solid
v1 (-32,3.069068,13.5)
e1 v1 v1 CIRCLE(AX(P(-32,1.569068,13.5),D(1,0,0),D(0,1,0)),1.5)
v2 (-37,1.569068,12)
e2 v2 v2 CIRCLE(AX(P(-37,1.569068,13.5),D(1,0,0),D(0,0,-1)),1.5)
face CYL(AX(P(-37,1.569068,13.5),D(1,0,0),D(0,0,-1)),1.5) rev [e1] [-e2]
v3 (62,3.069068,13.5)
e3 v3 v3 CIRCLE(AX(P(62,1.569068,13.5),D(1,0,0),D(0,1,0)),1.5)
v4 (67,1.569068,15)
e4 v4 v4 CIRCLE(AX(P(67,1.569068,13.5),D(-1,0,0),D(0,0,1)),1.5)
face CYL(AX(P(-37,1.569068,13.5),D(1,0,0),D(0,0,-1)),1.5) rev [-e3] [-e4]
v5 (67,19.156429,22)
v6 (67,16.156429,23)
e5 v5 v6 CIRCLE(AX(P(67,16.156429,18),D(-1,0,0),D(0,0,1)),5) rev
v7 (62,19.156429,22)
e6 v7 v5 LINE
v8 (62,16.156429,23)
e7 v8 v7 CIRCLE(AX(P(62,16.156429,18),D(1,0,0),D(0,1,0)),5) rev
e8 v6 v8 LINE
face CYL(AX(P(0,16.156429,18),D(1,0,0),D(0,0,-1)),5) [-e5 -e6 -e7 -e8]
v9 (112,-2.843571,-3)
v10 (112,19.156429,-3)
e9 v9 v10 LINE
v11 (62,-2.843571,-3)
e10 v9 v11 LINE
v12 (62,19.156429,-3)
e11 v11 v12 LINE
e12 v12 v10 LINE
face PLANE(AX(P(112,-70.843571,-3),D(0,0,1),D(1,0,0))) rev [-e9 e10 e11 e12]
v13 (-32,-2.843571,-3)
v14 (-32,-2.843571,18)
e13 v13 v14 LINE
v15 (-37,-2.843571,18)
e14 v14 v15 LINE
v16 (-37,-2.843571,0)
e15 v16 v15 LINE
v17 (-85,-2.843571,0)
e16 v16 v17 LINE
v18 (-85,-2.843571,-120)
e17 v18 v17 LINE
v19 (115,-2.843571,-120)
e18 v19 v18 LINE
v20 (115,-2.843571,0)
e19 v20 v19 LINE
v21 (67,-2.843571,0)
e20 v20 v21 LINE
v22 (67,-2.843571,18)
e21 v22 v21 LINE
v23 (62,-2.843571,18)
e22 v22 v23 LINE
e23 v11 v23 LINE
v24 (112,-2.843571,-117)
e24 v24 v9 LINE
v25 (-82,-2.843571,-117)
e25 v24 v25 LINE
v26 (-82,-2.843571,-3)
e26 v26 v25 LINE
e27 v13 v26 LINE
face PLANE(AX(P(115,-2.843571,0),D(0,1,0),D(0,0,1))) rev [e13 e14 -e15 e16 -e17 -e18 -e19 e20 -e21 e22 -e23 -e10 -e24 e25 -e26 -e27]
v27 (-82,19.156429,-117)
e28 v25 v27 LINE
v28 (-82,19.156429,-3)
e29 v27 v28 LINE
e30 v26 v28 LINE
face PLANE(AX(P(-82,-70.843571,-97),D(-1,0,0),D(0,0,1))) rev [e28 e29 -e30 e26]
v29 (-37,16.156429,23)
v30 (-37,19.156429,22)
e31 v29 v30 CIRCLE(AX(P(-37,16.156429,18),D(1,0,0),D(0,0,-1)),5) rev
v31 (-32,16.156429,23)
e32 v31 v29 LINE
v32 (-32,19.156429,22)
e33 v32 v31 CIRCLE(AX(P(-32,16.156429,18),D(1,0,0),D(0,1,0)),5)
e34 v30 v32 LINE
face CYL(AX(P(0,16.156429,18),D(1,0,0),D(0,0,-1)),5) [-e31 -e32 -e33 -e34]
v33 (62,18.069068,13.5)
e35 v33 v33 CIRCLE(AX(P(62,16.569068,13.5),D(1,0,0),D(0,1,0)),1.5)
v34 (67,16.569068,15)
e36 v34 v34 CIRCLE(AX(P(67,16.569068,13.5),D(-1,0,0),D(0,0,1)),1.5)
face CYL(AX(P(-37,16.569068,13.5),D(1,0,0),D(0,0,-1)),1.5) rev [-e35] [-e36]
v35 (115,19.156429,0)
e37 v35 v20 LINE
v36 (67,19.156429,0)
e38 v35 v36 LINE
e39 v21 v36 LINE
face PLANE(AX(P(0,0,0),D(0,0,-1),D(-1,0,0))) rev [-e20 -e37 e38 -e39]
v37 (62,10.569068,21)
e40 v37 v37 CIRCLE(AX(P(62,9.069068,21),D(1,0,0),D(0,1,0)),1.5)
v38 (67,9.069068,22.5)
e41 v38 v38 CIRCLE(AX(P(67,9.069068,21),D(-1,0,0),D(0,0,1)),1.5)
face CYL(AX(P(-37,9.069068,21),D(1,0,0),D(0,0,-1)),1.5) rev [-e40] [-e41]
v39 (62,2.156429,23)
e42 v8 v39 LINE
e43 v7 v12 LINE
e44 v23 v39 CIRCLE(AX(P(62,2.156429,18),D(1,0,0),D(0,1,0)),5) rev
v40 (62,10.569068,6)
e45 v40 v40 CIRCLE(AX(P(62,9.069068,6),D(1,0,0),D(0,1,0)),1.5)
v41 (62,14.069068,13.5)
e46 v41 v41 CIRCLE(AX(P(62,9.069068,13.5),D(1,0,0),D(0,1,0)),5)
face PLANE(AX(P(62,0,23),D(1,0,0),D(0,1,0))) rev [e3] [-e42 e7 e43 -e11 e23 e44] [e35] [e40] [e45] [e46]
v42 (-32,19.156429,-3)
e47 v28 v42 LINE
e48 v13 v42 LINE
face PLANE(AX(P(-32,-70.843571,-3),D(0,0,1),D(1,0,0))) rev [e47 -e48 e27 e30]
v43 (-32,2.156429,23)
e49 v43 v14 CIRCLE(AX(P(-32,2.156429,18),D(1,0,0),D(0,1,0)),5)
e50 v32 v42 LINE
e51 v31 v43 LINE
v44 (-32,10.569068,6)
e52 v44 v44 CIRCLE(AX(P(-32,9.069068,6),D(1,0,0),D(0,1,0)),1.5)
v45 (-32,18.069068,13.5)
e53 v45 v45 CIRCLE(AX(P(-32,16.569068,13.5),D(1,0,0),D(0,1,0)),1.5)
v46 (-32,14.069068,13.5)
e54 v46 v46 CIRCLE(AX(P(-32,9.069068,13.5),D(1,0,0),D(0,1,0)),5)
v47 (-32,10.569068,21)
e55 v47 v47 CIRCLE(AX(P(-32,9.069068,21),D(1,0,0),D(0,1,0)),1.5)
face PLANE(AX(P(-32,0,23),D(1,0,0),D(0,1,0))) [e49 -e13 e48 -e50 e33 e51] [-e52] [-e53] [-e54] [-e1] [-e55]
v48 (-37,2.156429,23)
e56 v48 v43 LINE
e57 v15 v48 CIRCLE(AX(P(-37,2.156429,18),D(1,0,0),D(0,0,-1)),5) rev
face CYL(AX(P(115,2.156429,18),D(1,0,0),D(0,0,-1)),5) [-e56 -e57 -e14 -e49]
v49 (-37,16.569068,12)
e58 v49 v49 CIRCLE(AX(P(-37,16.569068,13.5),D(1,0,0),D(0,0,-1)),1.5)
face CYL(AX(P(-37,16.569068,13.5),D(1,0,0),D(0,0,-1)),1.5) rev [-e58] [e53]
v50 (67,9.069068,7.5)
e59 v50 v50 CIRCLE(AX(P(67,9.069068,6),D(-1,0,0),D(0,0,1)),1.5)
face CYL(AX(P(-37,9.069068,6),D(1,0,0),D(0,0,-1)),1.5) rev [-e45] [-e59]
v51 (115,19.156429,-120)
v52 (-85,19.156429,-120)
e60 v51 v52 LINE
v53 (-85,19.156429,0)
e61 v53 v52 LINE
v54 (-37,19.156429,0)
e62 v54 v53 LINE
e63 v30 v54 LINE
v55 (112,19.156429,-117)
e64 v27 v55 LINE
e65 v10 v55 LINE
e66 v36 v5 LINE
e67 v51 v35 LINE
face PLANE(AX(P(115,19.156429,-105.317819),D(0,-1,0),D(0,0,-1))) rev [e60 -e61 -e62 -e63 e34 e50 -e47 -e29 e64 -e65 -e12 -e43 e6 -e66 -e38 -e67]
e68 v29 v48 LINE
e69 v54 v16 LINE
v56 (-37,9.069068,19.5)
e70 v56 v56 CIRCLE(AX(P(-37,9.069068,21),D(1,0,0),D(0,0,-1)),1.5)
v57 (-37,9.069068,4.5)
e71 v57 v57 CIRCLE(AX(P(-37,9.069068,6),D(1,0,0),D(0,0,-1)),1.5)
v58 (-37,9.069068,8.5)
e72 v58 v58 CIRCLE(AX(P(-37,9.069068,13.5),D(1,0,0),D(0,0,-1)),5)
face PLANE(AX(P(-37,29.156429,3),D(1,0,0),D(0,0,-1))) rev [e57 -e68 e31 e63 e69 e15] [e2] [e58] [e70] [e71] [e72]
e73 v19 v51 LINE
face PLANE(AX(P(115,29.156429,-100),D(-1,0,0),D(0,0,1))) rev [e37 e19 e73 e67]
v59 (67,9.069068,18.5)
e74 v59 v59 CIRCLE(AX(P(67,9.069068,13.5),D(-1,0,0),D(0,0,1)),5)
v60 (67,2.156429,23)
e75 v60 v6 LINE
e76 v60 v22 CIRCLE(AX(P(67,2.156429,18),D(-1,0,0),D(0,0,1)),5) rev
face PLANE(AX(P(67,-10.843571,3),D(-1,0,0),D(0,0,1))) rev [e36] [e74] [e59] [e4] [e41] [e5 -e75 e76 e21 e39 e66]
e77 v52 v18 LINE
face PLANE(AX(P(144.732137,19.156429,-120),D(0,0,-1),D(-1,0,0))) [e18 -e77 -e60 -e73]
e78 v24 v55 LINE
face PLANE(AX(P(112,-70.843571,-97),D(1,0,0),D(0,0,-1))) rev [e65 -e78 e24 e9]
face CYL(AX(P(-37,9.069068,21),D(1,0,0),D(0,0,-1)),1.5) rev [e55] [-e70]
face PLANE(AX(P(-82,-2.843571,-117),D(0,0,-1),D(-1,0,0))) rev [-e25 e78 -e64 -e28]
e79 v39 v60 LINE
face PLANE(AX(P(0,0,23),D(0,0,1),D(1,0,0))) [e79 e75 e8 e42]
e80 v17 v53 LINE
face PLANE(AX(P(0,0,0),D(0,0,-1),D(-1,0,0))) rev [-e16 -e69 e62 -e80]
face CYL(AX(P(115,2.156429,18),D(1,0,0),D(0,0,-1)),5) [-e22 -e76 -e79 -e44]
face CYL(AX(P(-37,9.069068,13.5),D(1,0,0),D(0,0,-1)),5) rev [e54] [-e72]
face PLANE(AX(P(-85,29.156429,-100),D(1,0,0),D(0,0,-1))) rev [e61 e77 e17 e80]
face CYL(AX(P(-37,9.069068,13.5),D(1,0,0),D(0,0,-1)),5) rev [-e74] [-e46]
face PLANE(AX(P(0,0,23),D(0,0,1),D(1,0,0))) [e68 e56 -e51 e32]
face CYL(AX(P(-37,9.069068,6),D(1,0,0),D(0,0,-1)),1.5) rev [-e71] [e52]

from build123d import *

# Parameters (mm, degrees)
SKETCH_1_W               = 104
SKETCH_1_H               = 40
SKETCH_1_R               = 5
SKETCH_1_R_2             = 1.5
EXTRUDE_1_DEPTH          = 3
SKETCH_2_W               = 5
SKETCH_2_H               = 40
EXTRUDE_2_DEPTH          = 20
CUT_EXTRUDE_1_DEPTH      = 111.431414635
CUT_EXTRUDE_1_DEPTH_BACK = 111.431414635
SKETCH_3_R               = 1.5
SKETCH_3_R_2             = 5
FILLET_1_R               = 10
SKETCH_4_W               = 200
SKETCH_4_H               = 40
EXTRUDE_3_DEPTH          = 100
CUT_EXTRUDE_2_DEPTH      = 100
CUT_EXTRUDE_3_DEPTH      = 185.266376038
CUT_EXTRUDE_3_DEPTH_BACK = 185.266376038
FILLET_2_R               = 5
CUT_EXTRUDE_4_DEPTH      = 226.499661516
CUT_EXTRUDE_4_DEPTH_BACK = 226.499661516
CUT_EXTRUDE_5_DEPTH      = 225.605419664
CUT_EXTRUDE_5_DEPTH_BACK = 225.605419664
SKETCH_8_W               = 135.335857316
SKETCH_8_H               = 8.120151439
SKETCH_9_W               = 20
SKETCH_9_H               = 22
EXTRUDE_4_DEPTH          = 200
CUT_EXTRUDE_6_DEPTH      = 168.657388896
CUT_EXTRUDE_6_DEPTH_BACK = 168.657388896
SKETCH_10_W              = 194
SKETCH_10_H              = 20


with BuildPart() as part:
    # 草图1 → 凸台-拉伸1 (new body)
    with BuildSketch(Plane.XY):
        with Locations((15, 9.156428763)):
            Rectangle(SKETCH_1_W, SKETCH_1_H)
        with Locations((15, 9.156428763)):
            Circle(SKETCH_1_R, mode=Mode.SUBTRACT)
        with Locations((15, 16.656428763)):
            Circle(SKETCH_1_R_2, mode=Mode.SUBTRACT)
        with Locations((22.5, 9.156428763)):
            Circle(SKETCH_1_R_2, mode=Mode.SUBTRACT)
        with Locations((15, 1.656428763)):
            Circle(SKETCH_1_R_2, mode=Mode.SUBTRACT)
        with Locations((7.5, 9.156428763)):
            Circle(SKETCH_1_R_2, mode=Mode.SUBTRACT)
    extrude(amount=EXTRUDE_1_DEPTH)

    # 草图2 → 凸台-拉伸2 (add)
    with BuildSketch(Plane.XY.offset(3)):
        with Locations((-34.5, 9.156428763)):
            Rectangle(SKETCH_2_W, SKETCH_2_H)
        with Locations((64.5, 9.156428763)):
            Rectangle(SKETCH_2_W, SKETCH_2_H)
    extrude(amount=EXTRUDE_2_DEPTH)

    # 草图3 → 切除-拉伸1 (cut, two sides: drawn at the far end of the back side and taken through both)
    with BuildSketch(Plane(origin=(67, 0, 0), x_dir=(0, 0, -1), z_dir=(1, 0, 0)).offset(-CUT_EXTRUDE_1_DEPTH_BACK)):
        with Locations(Location((-13.5, 16.569068444, 0), (0, 0, 90))):
            Circle(SKETCH_3_R)
        with Locations(Location((-13.5, 1.569068444, 0), (0, 0, 90))):
            Circle(SKETCH_3_R)
        with Locations(Location((-13.5, 9.069068444, 0), (0, 0, 90))):
            Circle(SKETCH_3_R_2)
        with Locations(Location((-6, 9.069068444, 0), (0, 0, 90))):
            Circle(SKETCH_3_R)
        with Locations(Location((-21, 9.069068444, 0), (0, 0, 90))):
            Circle(SKETCH_3_R)
    extrude(amount=CUT_EXTRUDE_1_DEPTH + CUT_EXTRUDE_1_DEPTH_BACK, mode=Mode.SUBTRACT)

    # 圆角1
    fillet_1_edges = [part.edges().sort_by_distance(p)[0] for p in [
        (-34.5, 29.156428763, 23),
        (-34.5, -10.843571237, 23),
        (64.5, 29.156428763, 23),
        (64.5, -10.843571237, 23),
    ]]
    fillet(fillet_1_edges, radius=FILLET_1_R)

    # 草图4 → 凸台-拉伸3 (add)
    with BuildSketch(Plane(origin=(0, 0, 0), x_dir=(-1, 0, 0), z_dir=(0, 0, -1))):
        with Locations((-15, 9.156428763)):
            Rectangle(SKETCH_4_W, SKETCH_4_H)
    extrude(amount=EXTRUDE_3_DEPTH)

    # 草图5 → 切除-拉伸2 (cut)
    with BuildSketch(Plane(origin=(0, 29.156428763, 0), x_dir=(1, 0, 0), z_dir=(0, 1, 0))):
        Polygon((112, 97), (-82, 97), (-82, 3), (-32, 3), (-32, -3), (62, -3), (62, 3), (112, 3), align=None)
    extrude(amount=-CUT_EXTRUDE_2_DEPTH, mode=Mode.SUBTRACT)

    # 草图6 → 切除-拉伸3 (cut, two sides: drawn at the far end of the back side and taken through both)
    with BuildSketch(Plane.ZY.offset(37).offset(-CUT_EXTRUDE_3_DEPTH_BACK)):
        Polygon((0, 21.156428763), (22.797958971, 21.156428763), (26.883028225, 31.204196531), (0, 34.707184858), align=None)
        Polygon((0, -2.843571237), (22.797958971, -2.843571237), (28.320151641, -11.460404888), (0, -17.388538979), align=None)
    extrude(amount=CUT_EXTRUDE_3_DEPTH + CUT_EXTRUDE_3_DEPTH_BACK, mode=Mode.SUBTRACT)

    # 圆角2
    fillet_2_edges = [part.edges().sort_by_distance(p)[0] for p in [
        (-34.5, -2.843571237, 22.797958971),
        (-34.5, 21.156428763, 22.797958971),
        (64.5, -2.843571237, 22.797958971),
        (64.5, 21.156428763, 22.797958971),
    ]]
    fillet(fillet_2_edges, radius=FILLET_2_R)

    # 草图7 → 切除-拉伸4 (cut, two sides: drawn at the far end of the back side and taken through both)
    with BuildSketch(Plane.ZY.offset(85).offset(-CUT_EXTRUDE_4_DEPTH_BACK)):
        Polygon((0, 21.156428763), (-100, 21.156428763), (-112.355284076, 36.746993881), (4.033553215, 41.186010001), align=None)
        Polygon((-100, -2.843571237), (0, -2.843571237), (4.033553215, -17.712155102), (-111.164328532, -19.119648018), align=None)
    extrude(amount=CUT_EXTRUDE_4_DEPTH + CUT_EXTRUDE_4_DEPTH_BACK, mode=Mode.SUBTRACT)

    # 草图8 → 切除-拉伸5 (cut, two sides: drawn at the far end of the back side and taken through both)
    with BuildSketch(Plane.ZY.offset(85).offset(-CUT_EXTRUDE_5_DEPTH_BACK)):
        with Locations((-37.649890838, 23.216504482)):
            Rectangle(SKETCH_8_W, SKETCH_8_H)
    extrude(amount=CUT_EXTRUDE_5_DEPTH + CUT_EXTRUDE_5_DEPTH_BACK, mode=Mode.SUBTRACT)

    # 草图9 → 凸台-拉伸4 (add)
    with BuildSketch(Plane.ZY.offset(85)):
        with Locations((-110, 8.156428763)):
            Rectangle(SKETCH_9_W, SKETCH_9_H)
    extrude(amount=-EXTRUDE_4_DEPTH)

    # 草图10 → 切除-拉伸6 (cut, two sides: drawn at the far end of the back side and taken through both)
    with BuildSketch(Plane(origin=(0, 19.156428763, 0), x_dir=(1, 0, 0), z_dir=(0, 1, 0)).offset(-CUT_EXTRUDE_6_DEPTH_BACK)):
        with Locations((15, 107)):
            Rectangle(SKETCH_10_W, SKETCH_10_H)
    extrude(amount=CUT_EXTRUDE_6_DEPTH + CUT_EXTRUDE_6_DEPTH_BACK, mode=Mode.SUBTRACT)


solid = part.part
